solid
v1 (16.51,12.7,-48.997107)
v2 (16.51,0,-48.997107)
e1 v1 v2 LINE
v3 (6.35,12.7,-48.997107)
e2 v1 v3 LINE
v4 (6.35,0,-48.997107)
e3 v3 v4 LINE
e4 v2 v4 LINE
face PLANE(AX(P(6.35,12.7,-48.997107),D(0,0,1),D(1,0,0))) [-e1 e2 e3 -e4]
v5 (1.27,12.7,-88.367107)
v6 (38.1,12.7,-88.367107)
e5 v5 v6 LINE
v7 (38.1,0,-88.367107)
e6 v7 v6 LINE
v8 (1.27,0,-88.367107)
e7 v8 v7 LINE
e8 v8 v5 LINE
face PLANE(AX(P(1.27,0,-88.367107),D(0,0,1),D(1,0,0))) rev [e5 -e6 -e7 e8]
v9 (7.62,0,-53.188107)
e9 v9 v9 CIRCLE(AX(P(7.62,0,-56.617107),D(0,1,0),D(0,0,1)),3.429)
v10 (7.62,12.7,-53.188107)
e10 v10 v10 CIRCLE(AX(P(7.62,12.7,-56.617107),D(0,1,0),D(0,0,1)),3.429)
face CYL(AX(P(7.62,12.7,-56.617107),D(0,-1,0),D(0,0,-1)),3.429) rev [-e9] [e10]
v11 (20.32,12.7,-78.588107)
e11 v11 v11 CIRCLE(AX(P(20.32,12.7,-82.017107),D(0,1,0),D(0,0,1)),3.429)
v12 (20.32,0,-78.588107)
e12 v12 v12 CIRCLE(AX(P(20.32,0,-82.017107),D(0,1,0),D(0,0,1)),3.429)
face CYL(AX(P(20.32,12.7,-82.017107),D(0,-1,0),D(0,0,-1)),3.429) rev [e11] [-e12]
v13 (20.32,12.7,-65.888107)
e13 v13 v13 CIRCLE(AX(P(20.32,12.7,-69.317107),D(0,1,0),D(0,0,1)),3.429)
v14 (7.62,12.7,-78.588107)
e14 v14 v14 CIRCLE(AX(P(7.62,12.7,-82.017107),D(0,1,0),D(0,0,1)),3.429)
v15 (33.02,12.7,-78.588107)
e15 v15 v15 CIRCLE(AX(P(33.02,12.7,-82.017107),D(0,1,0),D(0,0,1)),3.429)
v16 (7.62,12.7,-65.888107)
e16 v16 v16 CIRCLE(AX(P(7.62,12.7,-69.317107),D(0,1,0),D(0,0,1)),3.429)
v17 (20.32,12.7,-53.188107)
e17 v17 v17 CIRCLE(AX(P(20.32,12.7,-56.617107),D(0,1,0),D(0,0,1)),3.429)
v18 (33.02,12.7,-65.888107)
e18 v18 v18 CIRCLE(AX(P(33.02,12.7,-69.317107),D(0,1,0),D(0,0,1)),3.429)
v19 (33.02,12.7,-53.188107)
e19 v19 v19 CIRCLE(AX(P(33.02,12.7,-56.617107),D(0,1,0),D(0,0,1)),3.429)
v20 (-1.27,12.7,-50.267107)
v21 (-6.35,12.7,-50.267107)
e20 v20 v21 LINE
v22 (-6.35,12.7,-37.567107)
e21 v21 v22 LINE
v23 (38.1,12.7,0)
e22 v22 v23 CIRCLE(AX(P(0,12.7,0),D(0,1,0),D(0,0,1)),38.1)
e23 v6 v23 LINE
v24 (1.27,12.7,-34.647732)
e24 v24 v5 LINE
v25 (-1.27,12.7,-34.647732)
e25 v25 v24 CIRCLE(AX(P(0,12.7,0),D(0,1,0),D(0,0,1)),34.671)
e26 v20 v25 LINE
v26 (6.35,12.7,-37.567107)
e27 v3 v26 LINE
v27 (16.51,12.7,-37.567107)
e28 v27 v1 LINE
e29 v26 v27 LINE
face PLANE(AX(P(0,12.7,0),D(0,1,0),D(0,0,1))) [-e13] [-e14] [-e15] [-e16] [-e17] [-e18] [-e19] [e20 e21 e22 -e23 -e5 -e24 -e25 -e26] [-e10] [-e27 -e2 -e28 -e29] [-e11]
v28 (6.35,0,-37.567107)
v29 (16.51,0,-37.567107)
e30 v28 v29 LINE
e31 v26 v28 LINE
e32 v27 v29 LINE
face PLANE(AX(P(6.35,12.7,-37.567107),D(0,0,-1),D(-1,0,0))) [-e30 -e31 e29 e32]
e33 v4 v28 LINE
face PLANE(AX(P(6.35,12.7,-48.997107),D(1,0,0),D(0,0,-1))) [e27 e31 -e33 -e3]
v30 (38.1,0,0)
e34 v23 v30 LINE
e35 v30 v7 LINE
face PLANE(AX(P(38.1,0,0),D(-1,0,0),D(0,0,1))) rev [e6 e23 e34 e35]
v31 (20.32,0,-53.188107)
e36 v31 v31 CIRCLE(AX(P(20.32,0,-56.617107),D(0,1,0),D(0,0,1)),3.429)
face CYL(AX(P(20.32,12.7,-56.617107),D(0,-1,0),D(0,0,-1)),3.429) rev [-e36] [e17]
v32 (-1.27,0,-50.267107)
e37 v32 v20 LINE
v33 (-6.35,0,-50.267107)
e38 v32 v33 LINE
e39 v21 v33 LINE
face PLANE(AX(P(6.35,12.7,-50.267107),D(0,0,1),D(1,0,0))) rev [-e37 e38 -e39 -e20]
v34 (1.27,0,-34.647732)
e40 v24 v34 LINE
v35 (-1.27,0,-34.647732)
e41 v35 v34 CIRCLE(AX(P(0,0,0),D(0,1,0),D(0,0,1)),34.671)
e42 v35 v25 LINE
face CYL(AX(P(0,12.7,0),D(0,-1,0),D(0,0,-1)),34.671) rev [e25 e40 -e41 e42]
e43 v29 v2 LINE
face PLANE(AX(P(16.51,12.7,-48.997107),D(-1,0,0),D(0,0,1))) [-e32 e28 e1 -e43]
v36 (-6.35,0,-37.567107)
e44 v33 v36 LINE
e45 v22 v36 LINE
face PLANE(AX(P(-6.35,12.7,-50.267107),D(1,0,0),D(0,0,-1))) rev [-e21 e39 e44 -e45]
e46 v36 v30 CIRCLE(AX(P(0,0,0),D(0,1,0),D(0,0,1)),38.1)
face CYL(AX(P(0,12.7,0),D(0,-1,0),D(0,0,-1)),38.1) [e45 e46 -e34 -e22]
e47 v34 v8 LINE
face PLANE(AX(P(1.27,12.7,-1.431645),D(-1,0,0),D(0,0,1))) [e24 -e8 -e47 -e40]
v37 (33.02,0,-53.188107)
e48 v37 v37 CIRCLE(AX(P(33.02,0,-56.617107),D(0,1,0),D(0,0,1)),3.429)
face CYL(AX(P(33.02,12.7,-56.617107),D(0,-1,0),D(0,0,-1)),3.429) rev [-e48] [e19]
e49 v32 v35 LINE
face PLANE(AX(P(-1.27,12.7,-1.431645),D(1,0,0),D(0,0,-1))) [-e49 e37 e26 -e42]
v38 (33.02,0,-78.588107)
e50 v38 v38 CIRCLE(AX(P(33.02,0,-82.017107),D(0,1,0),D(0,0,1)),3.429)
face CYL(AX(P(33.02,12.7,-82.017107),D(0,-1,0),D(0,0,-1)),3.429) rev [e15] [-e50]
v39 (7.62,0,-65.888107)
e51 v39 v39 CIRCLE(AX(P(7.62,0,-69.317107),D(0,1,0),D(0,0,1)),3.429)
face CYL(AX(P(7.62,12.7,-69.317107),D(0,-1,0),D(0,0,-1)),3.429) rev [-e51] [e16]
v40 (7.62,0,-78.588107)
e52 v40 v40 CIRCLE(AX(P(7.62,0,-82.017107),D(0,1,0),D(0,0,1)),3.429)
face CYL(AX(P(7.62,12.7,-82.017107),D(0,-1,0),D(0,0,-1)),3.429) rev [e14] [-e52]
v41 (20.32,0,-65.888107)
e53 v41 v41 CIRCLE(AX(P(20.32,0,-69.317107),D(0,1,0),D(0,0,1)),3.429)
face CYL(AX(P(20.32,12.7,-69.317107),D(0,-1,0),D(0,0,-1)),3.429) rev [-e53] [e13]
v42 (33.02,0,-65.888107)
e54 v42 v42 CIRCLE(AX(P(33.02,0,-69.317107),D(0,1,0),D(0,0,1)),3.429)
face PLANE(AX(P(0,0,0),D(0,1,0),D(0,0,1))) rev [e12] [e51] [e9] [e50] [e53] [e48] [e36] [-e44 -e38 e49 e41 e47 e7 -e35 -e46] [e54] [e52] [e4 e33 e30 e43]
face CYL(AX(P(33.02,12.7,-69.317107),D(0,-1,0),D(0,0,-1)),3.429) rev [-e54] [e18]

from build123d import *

# Parameters (mm, degrees)
SKETCH1_R           = 38.1
SKETCH1_R_2         = 34.671
BOSS_EXTRUDE1_DEPTH = 12.7
SKETCH2_W           = 12.7
SKETCH2_H           = 12.7
BOSS_EXTRUDE2_DEPTH = 12.7
SKETCH4_W           = 2.54
SKETCH4_H           = 58.988343485
CUT_EXTRUDE2_DEPTH  = 65.340360647
BOSS_EXTRUDE3_REACH = 104.44
BOSS_EXTRUDE3_START = 38.1
SKETCH5_W           = 50.267106623
SKETCH5_H           = 12.7
SKETCH6_W           = 36.83
SKETCH6_H           = 50.8
BOSS_EXTRUDE4_DEPTH = 12.7
SKETCH7_R           = 3.429
SKETCH7_W           = 10.16
SKETCH7_H           = 11.43
CUT_EXTRUDE3_DEPTH  = 109.754126547
SKETCH8_W           = 36.83
SKETCH8_H           = 12.7
CUT_EXTRUDE4_DEPTH  = 109.754126547


with BuildPart() as part:
    # Sketch1 → Boss-Extrude1 (new body)
    with BuildSketch(Plane(origin=(0, 0, 0), x_dir=(1, 0, 0), z_dir=(0, 1, 0))):
        with Locations(Location((0, 0, 0), (0, 0, 270))):
            Circle(SKETCH1_R)
        with Locations(Location((0, 0, 0), (0, 0, 270))):
            Circle(SKETCH1_R_2, mode=Mode.SUBTRACT)
    extrude(amount=BOSS_EXTRUDE1_DEPTH)

    # Sketch2 → Boss-Extrude2 (add)
    with BuildSketch(Plane(origin=(0, 0, 0), x_dir=(1, 0, 0), z_dir=(0, 1, 0))):
        with Locations((0, 43.917106623)):
            Rectangle(SKETCH2_W, SKETCH2_H)
    extrude(amount=BOSS_EXTRUDE2_DEPTH)

    # Sketch4 → Cut-Extrude2 (cut, through all)
    with BuildSketch(Plane(origin=(0, 0, 0), x_dir=(1, 0, 0), z_dir=(0, 1, 0))):
        with Locations((0, 30.925816426)):
            Rectangle(SKETCH4_W, SKETCH4_H)
    extrude(amount=CUT_EXTRUDE2_DEPTH, mode=Mode.SUBTRACT)

    # Sketch5 → Boss-Extrude3 (add, up to next)
    with BuildSketch(Plane(origin=(0, 0, 0), x_dir=(0, 0, -1), z_dir=(1, 0, 0)).offset(BOSS_EXTRUDE3_START), mode=Mode.PRIVATE) as boss_extrude3_sk1:
        with Locations((25.133553312, 6.35)):
            Rectangle(SKETCH5_W, SKETCH5_H)
    boss_extrude3_tool1 = extrude(boss_extrude3_sk1.sketch, amount=-BOSS_EXTRUDE3_REACH, mode=Mode.PRIVATE) - part.part
    add(boss_extrude3_tool1.solids().sort_by_distance((38.1, 6.35, -25.133553))[0])

    # Sketch6 → Boss-Extrude4 (add)
    with BuildSketch(Plane(origin=(0, 12.7, 0), x_dir=(1, 0, 0), z_dir=(0, 1, 0))):
        with Locations((19.685, 75.667106623)):
            Rectangle(SKETCH6_W, SKETCH6_H)
    extrude(amount=-BOSS_EXTRUDE4_DEPTH)

    # Sketch7 → Cut-Extrude3 (cut, through all)
    with BuildSketch(Plane(origin=(0, 0, 0), x_dir=(1, 0, 0), z_dir=(0, 1, 0))):
        with Locations(Location((7.62, 94.717106623, 0), (0, 0, 270))):
            Circle(SKETCH7_R)
        with Locations(Location((20.32, 94.717106623, 0), (0, 0, 270))):
            Circle(SKETCH7_R)
        with Locations(Location((20.32, 82.017106623, 0), (0, 0, 270))):
            Circle(SKETCH7_R)
        with Locations(Location((7.62, 82.017106623, 0), (0, 0, 270))):
            Circle(SKETCH7_R)
        with Locations(Location((7.62, 69.317106623, 0), (0, 0, 270))):
            Circle(SKETCH7_R)
        with Locations(Location((20.32, 69.317106623, 0), (0, 0, 270))):
            Circle(SKETCH7_R)
        with Locations(Location((7.62, 56.617106623, 0), (0, 0, 270))):
            Circle(SKETCH7_R)
        with Locations(Location((20.32, 56.617106623, 0), (0, 0, 270))):
            Circle(SKETCH7_R)
        with Locations(Location((33.02, 94.717106623, 0), (0, 0, 270))):
            Circle(SKETCH7_R)
        with Locations(Location((33.02, 82.017106623, 0), (0, 0, 270))):
            Circle(SKETCH7_R)
        with Locations(Location((33.02, 69.317106623, 0), (0, 0, 270))):
            Circle(SKETCH7_R)
        with Locations(Location((33.02, 56.617106623, 0), (0, 0, 270))):
            Circle(SKETCH7_R)
        with Locations((11.43, 43.282106623)):
            Rectangle(SKETCH7_W, SKETCH7_H)
    extrude(amount=CUT_EXTRUDE3_DEPTH, mode=Mode.SUBTRACT)

    # Sketch8 → Cut-Extrude4 (cut, through all)
    with BuildSketch(Plane(origin=(0, 12.7, 0), x_dir=(1, 0, 0), z_dir=(0, 1, 0))):
        with Locations((19.685, 94.717106623)):
            Rectangle(SKETCH8_W, SKETCH8_H)
    extrude(amount=-CUT_EXTRUDE4_DEPTH, mode=Mode.SUBTRACT)


solid = part.part
